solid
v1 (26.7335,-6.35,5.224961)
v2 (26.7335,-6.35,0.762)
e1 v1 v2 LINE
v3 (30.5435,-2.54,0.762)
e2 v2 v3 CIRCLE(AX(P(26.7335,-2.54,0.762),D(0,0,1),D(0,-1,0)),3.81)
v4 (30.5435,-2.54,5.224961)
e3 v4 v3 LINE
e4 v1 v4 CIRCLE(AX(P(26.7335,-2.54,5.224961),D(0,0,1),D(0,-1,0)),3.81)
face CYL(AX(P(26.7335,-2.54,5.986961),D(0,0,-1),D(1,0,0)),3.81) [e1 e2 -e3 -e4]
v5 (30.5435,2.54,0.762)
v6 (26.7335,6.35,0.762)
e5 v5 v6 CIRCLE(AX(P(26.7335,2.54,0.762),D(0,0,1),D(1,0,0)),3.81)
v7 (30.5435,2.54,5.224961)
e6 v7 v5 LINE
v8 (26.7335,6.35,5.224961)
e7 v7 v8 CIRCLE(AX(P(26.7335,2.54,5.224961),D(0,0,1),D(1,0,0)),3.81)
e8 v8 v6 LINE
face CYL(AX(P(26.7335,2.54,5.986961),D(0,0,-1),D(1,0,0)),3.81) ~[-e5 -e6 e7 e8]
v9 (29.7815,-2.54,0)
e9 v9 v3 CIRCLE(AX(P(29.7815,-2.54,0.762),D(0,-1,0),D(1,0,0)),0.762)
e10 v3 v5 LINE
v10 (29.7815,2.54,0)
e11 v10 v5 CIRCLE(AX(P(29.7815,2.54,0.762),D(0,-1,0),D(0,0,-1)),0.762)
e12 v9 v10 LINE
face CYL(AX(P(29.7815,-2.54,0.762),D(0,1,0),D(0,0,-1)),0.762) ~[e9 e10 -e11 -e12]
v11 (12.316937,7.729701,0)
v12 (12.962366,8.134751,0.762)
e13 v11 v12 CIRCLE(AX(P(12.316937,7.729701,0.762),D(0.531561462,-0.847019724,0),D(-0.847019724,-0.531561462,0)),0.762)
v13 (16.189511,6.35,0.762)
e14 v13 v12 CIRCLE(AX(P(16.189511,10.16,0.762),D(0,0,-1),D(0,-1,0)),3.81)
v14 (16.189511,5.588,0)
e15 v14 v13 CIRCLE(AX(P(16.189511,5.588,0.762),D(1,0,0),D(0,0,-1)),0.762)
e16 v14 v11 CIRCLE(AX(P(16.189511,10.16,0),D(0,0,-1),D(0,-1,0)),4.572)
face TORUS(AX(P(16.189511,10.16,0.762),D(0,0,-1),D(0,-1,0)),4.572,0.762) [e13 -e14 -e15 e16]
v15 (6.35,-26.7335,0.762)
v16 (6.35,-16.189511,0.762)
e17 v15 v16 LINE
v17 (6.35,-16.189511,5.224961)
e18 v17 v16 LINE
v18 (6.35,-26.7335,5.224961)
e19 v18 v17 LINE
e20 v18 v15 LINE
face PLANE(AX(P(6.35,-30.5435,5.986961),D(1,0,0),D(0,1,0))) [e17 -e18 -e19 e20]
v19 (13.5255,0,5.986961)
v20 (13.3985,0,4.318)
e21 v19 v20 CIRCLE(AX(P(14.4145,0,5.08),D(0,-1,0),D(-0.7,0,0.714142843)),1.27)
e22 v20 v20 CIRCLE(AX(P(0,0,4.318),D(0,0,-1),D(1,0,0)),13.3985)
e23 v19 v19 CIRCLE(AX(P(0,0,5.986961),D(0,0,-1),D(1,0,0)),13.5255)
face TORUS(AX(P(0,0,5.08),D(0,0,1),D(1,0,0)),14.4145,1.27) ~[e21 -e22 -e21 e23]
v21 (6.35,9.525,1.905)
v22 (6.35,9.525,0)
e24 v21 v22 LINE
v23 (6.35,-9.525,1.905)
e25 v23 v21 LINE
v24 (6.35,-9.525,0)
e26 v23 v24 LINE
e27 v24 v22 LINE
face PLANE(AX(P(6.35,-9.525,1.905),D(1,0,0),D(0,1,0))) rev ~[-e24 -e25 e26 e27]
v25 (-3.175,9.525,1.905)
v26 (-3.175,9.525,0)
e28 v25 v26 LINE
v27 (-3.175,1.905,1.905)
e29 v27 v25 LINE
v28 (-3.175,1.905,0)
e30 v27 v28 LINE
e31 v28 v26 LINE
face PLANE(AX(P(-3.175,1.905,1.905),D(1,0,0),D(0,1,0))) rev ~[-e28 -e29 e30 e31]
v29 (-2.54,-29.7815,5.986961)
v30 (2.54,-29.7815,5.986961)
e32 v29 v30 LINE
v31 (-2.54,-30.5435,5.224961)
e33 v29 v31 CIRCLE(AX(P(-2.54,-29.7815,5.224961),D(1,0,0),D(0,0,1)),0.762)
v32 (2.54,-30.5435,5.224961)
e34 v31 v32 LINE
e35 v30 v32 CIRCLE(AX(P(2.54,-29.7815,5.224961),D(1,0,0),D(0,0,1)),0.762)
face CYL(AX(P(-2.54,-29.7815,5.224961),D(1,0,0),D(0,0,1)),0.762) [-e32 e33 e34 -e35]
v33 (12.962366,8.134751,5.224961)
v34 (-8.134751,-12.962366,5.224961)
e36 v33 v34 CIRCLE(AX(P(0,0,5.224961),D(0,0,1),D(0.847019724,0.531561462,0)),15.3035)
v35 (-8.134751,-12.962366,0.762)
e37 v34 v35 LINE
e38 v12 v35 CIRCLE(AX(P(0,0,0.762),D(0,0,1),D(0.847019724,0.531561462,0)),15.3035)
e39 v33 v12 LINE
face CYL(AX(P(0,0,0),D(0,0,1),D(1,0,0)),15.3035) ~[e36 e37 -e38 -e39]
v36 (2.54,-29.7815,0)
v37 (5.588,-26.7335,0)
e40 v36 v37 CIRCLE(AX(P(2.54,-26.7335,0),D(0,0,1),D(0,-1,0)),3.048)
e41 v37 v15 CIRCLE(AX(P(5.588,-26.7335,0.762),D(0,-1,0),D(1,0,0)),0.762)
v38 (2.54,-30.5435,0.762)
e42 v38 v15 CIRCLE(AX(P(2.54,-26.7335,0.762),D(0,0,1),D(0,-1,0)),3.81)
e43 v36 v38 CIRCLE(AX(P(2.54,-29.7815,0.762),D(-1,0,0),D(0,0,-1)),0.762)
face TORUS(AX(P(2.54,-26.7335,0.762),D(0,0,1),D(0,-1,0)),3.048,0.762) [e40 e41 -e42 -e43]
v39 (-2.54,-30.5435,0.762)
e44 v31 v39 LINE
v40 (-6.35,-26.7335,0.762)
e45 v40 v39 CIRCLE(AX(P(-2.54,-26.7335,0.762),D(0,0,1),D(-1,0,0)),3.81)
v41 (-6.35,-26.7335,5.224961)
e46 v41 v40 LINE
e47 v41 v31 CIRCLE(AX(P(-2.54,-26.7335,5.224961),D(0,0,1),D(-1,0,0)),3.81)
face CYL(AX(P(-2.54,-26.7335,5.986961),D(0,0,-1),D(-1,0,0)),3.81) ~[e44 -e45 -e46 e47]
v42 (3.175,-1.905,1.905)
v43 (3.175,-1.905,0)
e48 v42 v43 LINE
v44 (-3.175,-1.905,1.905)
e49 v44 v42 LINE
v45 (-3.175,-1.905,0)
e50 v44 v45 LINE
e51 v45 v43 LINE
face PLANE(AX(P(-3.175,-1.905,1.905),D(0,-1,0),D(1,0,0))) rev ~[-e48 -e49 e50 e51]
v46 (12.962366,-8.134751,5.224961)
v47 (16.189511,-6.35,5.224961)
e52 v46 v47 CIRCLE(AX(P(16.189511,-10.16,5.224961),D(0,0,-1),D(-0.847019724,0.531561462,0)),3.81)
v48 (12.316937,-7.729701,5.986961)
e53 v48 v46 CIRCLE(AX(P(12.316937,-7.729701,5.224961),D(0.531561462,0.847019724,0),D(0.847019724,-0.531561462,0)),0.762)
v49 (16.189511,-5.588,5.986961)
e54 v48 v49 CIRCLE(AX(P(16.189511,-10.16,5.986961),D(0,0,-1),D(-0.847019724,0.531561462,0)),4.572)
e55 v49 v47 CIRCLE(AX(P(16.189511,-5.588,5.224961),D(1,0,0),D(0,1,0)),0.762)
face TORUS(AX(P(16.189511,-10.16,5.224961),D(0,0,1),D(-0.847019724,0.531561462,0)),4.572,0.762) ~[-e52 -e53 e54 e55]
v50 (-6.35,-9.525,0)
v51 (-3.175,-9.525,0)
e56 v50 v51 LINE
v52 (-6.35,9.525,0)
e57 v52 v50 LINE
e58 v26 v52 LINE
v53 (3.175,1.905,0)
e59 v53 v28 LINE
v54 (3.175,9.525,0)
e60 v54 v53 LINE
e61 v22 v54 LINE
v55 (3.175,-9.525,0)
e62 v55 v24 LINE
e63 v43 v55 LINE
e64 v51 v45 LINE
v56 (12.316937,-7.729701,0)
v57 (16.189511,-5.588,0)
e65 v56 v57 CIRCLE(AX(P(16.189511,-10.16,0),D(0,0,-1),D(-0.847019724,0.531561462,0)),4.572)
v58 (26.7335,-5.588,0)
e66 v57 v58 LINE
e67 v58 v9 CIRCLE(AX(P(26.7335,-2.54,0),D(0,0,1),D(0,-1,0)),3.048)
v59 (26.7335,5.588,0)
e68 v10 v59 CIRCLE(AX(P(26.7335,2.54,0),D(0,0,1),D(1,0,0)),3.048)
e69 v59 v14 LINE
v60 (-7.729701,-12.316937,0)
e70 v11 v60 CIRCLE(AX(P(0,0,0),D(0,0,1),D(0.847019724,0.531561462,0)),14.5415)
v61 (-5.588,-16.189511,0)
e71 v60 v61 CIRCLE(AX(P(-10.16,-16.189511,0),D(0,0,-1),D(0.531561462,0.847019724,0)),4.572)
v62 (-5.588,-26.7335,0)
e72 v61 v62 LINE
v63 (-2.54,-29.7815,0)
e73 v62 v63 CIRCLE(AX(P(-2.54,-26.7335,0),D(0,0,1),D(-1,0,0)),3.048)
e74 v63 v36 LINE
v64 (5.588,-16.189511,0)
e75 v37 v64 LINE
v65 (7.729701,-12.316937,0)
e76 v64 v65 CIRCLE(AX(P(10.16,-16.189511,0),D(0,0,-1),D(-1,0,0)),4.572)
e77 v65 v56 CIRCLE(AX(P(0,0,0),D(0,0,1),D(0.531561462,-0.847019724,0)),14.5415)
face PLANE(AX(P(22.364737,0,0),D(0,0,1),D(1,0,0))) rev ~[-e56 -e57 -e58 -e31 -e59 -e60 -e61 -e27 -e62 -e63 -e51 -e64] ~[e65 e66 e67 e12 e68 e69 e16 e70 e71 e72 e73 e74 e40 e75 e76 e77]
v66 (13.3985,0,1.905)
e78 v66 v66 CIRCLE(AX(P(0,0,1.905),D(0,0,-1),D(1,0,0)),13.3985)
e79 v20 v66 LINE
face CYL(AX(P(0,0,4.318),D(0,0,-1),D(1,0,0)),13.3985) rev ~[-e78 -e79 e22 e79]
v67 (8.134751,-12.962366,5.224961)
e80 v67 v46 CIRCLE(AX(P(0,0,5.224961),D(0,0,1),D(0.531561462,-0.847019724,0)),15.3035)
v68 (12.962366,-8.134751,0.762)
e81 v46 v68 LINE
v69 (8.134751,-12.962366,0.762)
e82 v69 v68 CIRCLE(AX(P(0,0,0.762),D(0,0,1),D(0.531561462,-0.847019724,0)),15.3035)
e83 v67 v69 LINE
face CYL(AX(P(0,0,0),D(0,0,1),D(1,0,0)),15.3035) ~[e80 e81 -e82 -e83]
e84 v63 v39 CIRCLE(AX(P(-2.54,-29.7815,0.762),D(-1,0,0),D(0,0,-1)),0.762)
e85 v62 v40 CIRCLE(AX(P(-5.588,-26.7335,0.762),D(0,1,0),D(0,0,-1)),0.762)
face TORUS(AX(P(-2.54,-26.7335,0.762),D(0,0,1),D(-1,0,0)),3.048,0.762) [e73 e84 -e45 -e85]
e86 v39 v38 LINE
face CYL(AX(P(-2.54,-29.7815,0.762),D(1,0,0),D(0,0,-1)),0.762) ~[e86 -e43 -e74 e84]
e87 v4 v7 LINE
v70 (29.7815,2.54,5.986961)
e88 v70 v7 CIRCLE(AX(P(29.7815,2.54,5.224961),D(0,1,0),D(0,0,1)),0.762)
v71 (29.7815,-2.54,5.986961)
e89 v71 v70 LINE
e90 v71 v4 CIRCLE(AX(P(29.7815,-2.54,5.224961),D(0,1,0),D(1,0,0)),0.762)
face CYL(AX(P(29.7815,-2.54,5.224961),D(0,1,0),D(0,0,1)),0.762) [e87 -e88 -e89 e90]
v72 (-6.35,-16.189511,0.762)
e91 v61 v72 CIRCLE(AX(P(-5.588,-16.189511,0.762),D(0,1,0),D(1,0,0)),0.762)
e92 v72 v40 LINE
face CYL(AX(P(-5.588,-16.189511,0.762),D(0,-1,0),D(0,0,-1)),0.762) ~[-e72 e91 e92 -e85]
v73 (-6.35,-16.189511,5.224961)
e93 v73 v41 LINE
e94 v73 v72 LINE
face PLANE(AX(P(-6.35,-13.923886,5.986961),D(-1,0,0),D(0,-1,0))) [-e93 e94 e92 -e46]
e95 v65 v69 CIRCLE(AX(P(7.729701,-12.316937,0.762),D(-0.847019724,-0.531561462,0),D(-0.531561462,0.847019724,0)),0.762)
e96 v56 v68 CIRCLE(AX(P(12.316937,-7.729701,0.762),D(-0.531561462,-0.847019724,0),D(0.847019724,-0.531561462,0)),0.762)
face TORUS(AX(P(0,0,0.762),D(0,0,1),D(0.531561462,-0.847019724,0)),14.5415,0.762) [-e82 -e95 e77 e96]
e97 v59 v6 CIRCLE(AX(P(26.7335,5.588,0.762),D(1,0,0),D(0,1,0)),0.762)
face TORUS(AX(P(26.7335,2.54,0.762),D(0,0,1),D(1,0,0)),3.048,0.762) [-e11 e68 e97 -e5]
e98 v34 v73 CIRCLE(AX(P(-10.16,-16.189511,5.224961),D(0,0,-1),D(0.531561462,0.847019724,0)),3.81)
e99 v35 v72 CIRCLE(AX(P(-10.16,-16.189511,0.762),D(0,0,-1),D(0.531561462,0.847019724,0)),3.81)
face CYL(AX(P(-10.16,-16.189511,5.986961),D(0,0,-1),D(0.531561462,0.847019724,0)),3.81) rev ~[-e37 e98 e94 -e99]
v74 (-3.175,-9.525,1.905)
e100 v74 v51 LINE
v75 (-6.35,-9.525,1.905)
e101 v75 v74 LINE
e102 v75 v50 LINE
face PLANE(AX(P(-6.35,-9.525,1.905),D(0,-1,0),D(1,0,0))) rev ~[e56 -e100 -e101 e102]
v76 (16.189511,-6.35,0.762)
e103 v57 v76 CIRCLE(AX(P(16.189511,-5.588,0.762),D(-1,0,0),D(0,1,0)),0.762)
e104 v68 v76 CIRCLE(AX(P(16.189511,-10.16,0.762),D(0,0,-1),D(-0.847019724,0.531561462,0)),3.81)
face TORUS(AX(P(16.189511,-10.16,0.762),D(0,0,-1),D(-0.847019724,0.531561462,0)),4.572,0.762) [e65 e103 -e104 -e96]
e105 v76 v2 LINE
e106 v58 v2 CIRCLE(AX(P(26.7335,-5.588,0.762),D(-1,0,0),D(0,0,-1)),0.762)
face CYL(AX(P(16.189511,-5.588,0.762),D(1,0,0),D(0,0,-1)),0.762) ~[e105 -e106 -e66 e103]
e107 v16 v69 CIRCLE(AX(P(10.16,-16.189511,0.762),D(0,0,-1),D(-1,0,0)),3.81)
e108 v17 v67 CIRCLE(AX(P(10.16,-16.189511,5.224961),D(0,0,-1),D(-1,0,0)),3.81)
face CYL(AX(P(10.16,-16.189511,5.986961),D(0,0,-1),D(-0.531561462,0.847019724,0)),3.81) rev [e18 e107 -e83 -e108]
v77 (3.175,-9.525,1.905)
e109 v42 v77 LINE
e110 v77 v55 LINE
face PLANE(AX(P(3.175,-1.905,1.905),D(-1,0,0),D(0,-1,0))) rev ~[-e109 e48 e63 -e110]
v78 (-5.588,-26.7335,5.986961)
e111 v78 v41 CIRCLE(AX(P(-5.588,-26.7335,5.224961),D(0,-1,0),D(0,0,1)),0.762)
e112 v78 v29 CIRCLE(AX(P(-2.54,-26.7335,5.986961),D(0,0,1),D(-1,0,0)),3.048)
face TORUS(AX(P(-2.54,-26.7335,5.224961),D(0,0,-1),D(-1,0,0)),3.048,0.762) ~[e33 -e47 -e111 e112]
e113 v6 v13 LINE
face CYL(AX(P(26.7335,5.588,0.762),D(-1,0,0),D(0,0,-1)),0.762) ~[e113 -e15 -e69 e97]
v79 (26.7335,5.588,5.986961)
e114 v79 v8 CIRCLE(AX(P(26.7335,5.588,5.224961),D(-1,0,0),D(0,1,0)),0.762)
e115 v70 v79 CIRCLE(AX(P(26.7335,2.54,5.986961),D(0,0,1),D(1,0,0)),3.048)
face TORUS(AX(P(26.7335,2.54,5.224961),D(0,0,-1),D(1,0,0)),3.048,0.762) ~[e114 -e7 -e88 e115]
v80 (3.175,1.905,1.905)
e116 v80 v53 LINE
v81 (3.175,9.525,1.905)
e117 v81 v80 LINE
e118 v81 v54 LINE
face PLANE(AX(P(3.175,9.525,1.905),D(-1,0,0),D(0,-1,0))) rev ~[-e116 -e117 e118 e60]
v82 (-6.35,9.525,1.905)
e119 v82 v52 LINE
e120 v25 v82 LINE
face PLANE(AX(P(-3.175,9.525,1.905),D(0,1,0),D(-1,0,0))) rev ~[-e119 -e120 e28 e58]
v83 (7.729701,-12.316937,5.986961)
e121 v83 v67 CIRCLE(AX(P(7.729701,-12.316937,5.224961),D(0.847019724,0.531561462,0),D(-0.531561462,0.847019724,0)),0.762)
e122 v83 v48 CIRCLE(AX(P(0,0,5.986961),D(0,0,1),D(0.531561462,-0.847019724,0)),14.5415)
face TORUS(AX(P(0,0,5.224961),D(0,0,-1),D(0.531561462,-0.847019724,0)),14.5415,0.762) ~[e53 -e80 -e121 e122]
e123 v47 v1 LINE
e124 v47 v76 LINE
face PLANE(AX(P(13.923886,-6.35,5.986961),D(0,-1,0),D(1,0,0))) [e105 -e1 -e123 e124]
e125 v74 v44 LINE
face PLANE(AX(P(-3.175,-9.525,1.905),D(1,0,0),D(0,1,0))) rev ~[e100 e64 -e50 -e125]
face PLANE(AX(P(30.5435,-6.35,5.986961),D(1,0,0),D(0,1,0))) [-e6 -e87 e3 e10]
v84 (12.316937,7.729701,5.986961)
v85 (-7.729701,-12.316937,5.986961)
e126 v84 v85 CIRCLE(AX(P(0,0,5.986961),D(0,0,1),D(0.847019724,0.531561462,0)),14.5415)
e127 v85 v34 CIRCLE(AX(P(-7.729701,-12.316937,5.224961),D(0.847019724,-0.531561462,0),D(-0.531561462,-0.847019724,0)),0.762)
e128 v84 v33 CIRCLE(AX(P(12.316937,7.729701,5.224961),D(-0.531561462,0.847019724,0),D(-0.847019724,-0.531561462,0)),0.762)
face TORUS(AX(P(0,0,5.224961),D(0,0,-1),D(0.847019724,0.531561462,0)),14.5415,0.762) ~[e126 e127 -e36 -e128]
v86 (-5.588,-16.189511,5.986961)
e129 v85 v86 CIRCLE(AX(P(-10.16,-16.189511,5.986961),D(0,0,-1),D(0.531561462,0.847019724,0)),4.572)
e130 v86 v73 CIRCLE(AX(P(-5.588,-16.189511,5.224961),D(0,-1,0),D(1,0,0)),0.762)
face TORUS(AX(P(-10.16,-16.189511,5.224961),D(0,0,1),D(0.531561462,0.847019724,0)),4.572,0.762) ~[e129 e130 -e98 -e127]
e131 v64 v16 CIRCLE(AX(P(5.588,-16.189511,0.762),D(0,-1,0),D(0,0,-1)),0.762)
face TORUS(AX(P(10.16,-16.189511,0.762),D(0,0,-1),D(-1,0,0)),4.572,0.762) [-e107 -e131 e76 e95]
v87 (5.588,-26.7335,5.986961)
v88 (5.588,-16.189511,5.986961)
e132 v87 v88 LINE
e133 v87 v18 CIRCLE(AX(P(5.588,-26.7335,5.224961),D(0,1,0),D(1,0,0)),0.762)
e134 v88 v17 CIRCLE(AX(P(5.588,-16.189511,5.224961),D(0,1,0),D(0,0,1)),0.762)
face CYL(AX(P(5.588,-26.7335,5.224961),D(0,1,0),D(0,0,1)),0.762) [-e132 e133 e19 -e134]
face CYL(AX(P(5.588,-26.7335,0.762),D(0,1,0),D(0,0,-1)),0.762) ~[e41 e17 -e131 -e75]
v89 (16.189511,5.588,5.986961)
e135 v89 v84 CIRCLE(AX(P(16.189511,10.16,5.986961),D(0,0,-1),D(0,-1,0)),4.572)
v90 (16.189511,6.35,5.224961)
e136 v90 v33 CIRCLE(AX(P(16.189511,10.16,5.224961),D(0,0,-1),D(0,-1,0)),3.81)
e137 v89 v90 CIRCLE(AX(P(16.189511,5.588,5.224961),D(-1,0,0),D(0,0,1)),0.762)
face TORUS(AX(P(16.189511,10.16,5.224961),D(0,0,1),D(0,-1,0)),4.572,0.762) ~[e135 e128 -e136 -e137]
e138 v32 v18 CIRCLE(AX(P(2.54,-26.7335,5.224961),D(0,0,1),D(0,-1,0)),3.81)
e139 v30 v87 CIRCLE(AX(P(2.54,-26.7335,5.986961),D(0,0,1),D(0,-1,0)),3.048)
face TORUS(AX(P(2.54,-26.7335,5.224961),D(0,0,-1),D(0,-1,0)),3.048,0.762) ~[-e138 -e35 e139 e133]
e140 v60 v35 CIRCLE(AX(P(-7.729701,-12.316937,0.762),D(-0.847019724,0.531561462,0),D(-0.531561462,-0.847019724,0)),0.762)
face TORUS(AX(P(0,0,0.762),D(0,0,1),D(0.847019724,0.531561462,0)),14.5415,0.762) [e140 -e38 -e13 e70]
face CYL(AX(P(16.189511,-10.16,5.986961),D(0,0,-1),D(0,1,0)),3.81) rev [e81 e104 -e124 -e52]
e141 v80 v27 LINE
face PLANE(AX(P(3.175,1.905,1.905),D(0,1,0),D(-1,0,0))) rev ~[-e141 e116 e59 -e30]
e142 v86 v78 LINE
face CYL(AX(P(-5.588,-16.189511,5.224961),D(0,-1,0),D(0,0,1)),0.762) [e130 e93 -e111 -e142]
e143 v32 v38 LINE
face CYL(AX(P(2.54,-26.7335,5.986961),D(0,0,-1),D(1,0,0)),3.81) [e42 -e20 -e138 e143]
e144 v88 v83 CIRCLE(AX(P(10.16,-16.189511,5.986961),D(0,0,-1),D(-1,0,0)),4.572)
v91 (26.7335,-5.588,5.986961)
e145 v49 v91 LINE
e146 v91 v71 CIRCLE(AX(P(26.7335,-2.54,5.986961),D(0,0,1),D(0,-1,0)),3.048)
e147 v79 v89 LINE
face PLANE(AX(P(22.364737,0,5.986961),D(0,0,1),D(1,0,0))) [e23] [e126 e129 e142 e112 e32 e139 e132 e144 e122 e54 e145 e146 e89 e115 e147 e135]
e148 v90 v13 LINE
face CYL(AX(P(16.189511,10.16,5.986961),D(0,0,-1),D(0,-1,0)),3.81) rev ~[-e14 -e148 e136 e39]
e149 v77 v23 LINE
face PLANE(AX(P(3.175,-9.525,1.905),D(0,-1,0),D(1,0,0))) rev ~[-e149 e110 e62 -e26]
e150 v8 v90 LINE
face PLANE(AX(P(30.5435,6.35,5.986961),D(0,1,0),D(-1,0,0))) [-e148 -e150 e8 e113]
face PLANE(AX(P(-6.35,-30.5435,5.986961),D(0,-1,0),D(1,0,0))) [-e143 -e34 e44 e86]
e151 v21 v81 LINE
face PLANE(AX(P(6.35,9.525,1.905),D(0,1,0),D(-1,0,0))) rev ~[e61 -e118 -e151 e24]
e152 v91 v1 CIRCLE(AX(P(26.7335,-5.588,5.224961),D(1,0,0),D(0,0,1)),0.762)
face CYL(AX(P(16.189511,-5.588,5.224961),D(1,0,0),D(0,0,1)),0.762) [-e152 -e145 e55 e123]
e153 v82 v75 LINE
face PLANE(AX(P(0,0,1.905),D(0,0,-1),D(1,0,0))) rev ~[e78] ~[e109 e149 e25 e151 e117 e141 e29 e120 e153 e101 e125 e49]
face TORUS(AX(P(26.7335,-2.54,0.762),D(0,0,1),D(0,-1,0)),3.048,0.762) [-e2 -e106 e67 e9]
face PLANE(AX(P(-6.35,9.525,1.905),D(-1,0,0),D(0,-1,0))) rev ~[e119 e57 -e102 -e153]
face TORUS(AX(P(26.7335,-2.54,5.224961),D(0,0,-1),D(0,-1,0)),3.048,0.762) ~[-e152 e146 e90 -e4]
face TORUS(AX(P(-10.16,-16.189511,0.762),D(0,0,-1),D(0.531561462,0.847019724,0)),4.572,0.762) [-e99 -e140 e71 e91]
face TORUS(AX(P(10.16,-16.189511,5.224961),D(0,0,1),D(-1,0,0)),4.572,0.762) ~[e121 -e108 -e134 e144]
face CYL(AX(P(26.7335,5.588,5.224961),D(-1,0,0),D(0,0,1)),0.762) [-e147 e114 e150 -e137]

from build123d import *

# Parameters (mm, degrees)
F3_DEPTH = 5.9869614104
F4_R     = 3.81
F5_R     = 0.762
F7_DEPTH = 25.4


with BuildPart() as f1:
    # F0 (on Front) → F1 (revolve)
    with BuildSketch(Plane.XZ):
        with BuildLine():
            Line((15.3035, 0), (15.3035, 4.1730385896))
            ThreePointArc((15.3035, 4.1730385896), (14.3181376493, 3.8136610654), (13.3985, 4.318))
            Line((13.3985, 4.318), (13.3985, 1.905))
            Line((13.3985, 1.905), (0, 1.905))
            Line((0, 1.905), (0, 0))
            Line((0, 0), (15.3035, 0))
        make_face()
        with BuildLine():
            ThreePointArc((13.3985, 4.318), (14.3181376493, 3.8136610654), (15.3035, 4.1730385896))
            Line((15.3035, 4.1730385896), (15.3035, 5.9869614104))
            Line((15.3035, 5.9869614104), (13.5255, 5.9869614104))
            ThreePointArc((13.5255, 5.9869614104), (13.1481610654, 5.1763623507), (13.3985, 4.318))
        make_face()
    revolve(axis=Axis((0, 0, 4.2298094004), (0, 0, -1)))

    # F2 (on face) → F3 (join, through all)
    with BuildSketch(Plane.XY.offset(5.9869614104)):
        with BuildLine():
            Line((30.5435, -6.35), (30.5435, 6.35))
            Line((30.5435, 6.35), (13.9238863917, 6.35))
            ThreePointArc((13.9238863917, 6.35), (15.3035, 0), (13.9238863917, -6.35))
            Line((13.9238863917, -6.35), (30.5435, -6.35))
        make_face()
        with BuildLine():
            Line((-6.35, -30.5435), (6.35, -30.5435))
            Line((6.35, -30.5435), (6.35, -13.9238863917))
            ThreePointArc((6.35, -13.9238863917), (0, -15.3035), (-6.35, -13.9238863917))
            Line((-6.35, -13.9238863917), (-6.35, -30.5435))
        make_face()
    extrude(amount=-F3_DEPTH)

    # F4
    f4_edges = [f1.edges().sort_by_distance(p)[0] for p in [
        (-6.35, -30.5435, 2.993481),
        (-6.35, -13.923886, 2.993481),
        (6.35, -30.5435, 2.993481),
        (6.35, -13.923886, 2.993481),
        (13.923886, -6.35, 2.993481),
        (30.5435, -6.35, 2.993481),
        (30.5435, 6.35, 2.993481),
        (13.923886, 6.35, 2.993481),
    ]]
    fillet(f4_edges, radius=F4_R)

    # F5
    f5_edges = [f1.edges().sort_by_distance(p)[0] for p in [
        (0, -30.5435, 5.986961),
        (0, -30.5435, 0),
    ]]
    fillet(f5_edges, radius=F5_R)

    # F6 (on face) → F7 (cut)
    with BuildSketch(Plane.XY.offset(1.905)):
        Polygon((-3.175, 9.525), (-6.35, 9.525), (-6.35, -9.525), (-3.175, -9.525), (-3.175, -1.905), (3.175, -1.905), (3.175, -9.525), (6.35, -9.525), (6.35, 9.525), (3.175, 9.525), (3.175, 1.905), (-3.175, 1.905), align=None)
    extrude(amount=-F7_DEPTH, mode=Mode.SUBTRACT)


solid = f1.part
